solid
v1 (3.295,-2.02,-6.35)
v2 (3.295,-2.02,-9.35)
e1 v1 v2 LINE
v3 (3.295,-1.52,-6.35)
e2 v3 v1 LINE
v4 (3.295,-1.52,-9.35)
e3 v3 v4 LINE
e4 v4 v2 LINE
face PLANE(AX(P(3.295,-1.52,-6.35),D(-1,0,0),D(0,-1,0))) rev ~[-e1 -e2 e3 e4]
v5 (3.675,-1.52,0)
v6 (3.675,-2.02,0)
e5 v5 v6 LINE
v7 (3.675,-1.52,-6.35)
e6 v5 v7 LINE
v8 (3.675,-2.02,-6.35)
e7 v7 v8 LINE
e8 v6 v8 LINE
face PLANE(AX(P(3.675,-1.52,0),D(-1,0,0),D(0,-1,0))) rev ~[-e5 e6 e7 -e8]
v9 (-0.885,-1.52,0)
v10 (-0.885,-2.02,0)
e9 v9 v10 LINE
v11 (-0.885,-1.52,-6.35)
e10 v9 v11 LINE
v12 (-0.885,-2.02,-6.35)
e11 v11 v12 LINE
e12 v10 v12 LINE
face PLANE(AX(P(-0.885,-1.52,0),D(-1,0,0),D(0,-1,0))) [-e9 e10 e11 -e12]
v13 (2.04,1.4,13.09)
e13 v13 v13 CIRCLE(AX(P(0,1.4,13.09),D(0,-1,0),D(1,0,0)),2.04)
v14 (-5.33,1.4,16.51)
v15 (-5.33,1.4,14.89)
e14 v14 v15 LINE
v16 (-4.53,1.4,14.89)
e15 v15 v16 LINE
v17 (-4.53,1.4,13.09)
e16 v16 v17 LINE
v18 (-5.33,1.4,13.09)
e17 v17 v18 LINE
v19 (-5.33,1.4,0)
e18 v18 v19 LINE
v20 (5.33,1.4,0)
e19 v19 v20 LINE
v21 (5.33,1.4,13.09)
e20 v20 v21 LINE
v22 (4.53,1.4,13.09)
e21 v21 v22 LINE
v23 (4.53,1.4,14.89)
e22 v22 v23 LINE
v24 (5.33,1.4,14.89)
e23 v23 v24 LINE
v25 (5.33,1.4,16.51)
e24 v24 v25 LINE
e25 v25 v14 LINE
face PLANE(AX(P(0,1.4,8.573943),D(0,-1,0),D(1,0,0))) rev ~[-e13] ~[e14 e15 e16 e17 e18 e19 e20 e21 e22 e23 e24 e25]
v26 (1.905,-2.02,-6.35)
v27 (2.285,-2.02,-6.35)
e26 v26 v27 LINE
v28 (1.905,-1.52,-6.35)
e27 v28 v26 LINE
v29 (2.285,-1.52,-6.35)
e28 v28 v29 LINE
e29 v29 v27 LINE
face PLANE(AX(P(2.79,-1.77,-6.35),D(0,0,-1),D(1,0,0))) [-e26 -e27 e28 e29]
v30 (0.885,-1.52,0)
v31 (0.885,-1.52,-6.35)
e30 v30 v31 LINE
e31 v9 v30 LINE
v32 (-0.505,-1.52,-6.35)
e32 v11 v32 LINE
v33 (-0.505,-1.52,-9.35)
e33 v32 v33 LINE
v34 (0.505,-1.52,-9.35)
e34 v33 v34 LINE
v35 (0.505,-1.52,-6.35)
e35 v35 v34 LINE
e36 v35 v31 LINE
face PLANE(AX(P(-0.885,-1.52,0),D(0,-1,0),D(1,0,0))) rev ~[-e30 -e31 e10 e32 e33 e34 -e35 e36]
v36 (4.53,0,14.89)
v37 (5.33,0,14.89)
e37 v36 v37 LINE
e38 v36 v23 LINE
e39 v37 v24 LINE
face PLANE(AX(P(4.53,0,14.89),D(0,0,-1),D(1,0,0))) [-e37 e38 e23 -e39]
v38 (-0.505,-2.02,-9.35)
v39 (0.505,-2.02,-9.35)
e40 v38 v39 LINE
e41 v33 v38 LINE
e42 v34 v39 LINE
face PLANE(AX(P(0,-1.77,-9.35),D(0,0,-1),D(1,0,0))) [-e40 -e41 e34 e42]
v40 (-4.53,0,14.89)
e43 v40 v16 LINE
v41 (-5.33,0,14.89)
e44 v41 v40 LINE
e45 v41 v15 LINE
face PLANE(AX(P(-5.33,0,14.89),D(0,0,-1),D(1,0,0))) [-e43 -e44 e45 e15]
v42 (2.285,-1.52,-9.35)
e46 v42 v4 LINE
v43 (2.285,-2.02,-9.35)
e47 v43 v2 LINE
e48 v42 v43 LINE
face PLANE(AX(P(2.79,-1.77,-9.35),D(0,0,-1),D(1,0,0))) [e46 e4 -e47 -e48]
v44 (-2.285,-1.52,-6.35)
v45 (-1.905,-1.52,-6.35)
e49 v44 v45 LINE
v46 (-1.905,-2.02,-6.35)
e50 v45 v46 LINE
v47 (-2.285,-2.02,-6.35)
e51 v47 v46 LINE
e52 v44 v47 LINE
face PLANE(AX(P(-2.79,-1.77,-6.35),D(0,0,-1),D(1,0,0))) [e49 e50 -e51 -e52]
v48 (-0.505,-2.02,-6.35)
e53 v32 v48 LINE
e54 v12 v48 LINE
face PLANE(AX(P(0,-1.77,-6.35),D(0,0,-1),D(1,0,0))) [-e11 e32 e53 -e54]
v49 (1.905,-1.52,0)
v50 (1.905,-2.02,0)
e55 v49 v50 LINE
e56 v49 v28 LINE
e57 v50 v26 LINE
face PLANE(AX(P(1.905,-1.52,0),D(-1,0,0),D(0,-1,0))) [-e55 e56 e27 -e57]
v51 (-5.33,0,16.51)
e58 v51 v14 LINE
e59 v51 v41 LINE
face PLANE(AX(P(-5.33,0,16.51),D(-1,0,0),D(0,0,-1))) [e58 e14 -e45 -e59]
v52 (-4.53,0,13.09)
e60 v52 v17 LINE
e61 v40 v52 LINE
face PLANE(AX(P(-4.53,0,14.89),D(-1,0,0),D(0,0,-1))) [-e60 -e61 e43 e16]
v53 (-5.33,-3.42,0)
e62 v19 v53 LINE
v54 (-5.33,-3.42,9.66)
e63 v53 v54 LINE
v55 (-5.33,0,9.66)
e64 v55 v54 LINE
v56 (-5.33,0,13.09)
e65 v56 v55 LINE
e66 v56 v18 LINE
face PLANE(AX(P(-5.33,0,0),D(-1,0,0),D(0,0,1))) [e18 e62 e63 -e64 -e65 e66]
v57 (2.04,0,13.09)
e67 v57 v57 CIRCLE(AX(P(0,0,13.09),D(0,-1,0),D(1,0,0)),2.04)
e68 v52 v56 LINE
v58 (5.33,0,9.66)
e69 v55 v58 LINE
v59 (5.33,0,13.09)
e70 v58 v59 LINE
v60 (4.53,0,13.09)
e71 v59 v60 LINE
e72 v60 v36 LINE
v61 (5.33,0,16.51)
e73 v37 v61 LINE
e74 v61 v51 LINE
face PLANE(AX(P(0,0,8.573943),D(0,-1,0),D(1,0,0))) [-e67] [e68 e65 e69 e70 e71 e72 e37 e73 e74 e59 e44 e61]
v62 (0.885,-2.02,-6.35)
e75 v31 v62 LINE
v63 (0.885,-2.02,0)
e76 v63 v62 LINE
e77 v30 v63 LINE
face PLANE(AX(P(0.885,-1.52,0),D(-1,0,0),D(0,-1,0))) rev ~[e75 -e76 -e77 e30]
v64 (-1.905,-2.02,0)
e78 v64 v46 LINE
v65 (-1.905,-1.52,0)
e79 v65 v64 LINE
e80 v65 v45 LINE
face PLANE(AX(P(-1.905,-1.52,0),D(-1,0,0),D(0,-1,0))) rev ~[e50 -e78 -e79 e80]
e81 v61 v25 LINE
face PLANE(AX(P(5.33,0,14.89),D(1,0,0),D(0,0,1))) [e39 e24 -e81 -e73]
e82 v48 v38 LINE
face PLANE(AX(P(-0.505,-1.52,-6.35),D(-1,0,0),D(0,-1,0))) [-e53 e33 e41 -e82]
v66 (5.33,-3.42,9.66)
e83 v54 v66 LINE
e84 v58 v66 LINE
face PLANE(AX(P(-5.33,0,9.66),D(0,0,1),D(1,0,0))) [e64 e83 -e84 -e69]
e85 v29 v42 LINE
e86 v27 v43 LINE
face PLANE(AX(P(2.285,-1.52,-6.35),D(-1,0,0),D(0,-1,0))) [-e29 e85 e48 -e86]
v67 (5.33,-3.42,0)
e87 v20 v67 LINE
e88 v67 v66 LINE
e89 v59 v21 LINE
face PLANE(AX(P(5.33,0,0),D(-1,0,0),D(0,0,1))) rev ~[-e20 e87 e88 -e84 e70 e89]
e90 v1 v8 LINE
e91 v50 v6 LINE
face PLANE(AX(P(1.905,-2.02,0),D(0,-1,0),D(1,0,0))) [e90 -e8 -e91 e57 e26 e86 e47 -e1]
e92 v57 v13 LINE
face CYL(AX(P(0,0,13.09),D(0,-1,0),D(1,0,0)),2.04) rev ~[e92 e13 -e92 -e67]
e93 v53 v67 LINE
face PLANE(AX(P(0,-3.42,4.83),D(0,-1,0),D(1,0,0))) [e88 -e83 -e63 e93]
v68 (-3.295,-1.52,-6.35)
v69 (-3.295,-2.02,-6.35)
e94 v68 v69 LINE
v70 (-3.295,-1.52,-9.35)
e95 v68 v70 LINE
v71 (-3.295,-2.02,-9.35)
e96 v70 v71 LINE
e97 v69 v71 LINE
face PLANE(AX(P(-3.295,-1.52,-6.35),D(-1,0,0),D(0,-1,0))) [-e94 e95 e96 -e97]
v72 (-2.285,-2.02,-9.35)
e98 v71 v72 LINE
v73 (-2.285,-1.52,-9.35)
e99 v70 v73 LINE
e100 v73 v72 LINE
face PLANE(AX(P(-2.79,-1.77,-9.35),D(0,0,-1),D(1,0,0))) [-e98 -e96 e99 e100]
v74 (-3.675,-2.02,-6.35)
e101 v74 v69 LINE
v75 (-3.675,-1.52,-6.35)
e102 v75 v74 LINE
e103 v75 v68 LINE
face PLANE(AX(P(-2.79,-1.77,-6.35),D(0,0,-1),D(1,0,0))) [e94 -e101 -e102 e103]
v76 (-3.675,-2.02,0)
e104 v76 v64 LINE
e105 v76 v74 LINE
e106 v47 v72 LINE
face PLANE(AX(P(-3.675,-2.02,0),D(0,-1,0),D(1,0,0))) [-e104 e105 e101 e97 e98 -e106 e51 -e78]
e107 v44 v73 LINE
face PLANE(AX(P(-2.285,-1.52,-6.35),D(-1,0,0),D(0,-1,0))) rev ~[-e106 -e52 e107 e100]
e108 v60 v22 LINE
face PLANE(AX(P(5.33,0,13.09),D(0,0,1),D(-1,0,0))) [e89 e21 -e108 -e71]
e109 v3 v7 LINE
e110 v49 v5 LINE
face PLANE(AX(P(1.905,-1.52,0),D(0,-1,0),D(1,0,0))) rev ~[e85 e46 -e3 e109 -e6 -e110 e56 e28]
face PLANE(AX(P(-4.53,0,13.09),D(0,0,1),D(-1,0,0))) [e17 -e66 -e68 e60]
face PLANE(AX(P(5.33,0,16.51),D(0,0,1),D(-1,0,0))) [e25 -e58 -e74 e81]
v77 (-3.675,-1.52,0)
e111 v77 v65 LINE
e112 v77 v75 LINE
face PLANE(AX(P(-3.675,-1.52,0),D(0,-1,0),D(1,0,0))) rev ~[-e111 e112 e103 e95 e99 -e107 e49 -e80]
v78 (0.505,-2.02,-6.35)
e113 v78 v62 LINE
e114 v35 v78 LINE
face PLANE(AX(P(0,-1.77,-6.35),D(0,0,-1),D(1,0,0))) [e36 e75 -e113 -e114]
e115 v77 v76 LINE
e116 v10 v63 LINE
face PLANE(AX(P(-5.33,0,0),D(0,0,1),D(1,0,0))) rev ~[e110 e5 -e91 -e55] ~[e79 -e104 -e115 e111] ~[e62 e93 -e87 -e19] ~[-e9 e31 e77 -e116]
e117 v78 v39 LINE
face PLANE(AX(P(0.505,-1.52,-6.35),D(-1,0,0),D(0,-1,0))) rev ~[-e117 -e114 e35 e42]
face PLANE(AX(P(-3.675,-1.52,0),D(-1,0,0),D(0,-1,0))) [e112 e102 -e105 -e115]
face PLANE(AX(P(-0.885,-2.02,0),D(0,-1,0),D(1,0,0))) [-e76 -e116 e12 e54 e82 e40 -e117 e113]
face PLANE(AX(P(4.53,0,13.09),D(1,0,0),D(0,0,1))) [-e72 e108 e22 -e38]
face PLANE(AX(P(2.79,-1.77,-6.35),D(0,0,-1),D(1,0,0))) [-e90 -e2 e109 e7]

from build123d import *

# Parameters (mm, degrees)
F0_R     = 2.04
F1_DEPTH = 1.4
F2_W     = 10.66
F2_H     = 9.66
F3_DEPTH = 3.42
F4_W     = 1.77
F4_H     = 0.5
F5_DEPTH = 6.35
F6_W     = 1.01
F6_H     = 0.5
F7_DEPTH = 3


with BuildPart() as f1:
    # F0 (on Front) → F1 (new body)
    with BuildSketch(Plane.XZ):
        Polygon((5.33, 16.51), (-5.33, 16.51), (-5.33, 14.89), (-4.53, 14.89), (-4.53, 13.09), (-5.33, 13.09), (-5.33, 0), (5.33, 0), (5.33, 13.09), (4.53, 13.09), (4.53, 14.89), (5.33, 14.89), align=None)
        with Locations((0, 13.09)):
            Circle(F0_R, mode=Mode.SUBTRACT)
    extrude(amount=-F1_DEPTH)

    # F2 (on face) → F3 (join)
    with BuildSketch(Plane.XZ):
        with Locations((0, 4.83)):
            Rectangle(F2_W, F2_H)
    extrude(amount=F3_DEPTH)

    # F4 (on face) → F5 (join)
    with BuildSketch(Plane(origin=(0, 0, 0), x_dir=(1, 0, 0), z_dir=(0, 0, -1))):
        with Locations((-2.79, 1.77)):
            Rectangle(F4_W, F4_H)
        with Locations((0, 1.77)):
            Rectangle(F4_W, F4_H)
        with Locations((2.79, 1.77)):
            Rectangle(F4_W, F4_H)
    extrude(amount=F5_DEPTH)

    # F6 (on face) → F7 (join)
    with BuildSketch(Plane(origin=(0, 0, -6.35), x_dir=(1, 0, 0), z_dir=(0, 0, -1))):
        with Locations((-2.79, 1.77)):
            Rectangle(F6_W, F6_H)
        with Locations((0, 1.77)):
            Rectangle(F6_W, F6_H)
        with Locations((2.79, 1.77)):
            Rectangle(F6_W, F6_H)
    extrude(amount=F7_DEPTH)


solid = f1.part
